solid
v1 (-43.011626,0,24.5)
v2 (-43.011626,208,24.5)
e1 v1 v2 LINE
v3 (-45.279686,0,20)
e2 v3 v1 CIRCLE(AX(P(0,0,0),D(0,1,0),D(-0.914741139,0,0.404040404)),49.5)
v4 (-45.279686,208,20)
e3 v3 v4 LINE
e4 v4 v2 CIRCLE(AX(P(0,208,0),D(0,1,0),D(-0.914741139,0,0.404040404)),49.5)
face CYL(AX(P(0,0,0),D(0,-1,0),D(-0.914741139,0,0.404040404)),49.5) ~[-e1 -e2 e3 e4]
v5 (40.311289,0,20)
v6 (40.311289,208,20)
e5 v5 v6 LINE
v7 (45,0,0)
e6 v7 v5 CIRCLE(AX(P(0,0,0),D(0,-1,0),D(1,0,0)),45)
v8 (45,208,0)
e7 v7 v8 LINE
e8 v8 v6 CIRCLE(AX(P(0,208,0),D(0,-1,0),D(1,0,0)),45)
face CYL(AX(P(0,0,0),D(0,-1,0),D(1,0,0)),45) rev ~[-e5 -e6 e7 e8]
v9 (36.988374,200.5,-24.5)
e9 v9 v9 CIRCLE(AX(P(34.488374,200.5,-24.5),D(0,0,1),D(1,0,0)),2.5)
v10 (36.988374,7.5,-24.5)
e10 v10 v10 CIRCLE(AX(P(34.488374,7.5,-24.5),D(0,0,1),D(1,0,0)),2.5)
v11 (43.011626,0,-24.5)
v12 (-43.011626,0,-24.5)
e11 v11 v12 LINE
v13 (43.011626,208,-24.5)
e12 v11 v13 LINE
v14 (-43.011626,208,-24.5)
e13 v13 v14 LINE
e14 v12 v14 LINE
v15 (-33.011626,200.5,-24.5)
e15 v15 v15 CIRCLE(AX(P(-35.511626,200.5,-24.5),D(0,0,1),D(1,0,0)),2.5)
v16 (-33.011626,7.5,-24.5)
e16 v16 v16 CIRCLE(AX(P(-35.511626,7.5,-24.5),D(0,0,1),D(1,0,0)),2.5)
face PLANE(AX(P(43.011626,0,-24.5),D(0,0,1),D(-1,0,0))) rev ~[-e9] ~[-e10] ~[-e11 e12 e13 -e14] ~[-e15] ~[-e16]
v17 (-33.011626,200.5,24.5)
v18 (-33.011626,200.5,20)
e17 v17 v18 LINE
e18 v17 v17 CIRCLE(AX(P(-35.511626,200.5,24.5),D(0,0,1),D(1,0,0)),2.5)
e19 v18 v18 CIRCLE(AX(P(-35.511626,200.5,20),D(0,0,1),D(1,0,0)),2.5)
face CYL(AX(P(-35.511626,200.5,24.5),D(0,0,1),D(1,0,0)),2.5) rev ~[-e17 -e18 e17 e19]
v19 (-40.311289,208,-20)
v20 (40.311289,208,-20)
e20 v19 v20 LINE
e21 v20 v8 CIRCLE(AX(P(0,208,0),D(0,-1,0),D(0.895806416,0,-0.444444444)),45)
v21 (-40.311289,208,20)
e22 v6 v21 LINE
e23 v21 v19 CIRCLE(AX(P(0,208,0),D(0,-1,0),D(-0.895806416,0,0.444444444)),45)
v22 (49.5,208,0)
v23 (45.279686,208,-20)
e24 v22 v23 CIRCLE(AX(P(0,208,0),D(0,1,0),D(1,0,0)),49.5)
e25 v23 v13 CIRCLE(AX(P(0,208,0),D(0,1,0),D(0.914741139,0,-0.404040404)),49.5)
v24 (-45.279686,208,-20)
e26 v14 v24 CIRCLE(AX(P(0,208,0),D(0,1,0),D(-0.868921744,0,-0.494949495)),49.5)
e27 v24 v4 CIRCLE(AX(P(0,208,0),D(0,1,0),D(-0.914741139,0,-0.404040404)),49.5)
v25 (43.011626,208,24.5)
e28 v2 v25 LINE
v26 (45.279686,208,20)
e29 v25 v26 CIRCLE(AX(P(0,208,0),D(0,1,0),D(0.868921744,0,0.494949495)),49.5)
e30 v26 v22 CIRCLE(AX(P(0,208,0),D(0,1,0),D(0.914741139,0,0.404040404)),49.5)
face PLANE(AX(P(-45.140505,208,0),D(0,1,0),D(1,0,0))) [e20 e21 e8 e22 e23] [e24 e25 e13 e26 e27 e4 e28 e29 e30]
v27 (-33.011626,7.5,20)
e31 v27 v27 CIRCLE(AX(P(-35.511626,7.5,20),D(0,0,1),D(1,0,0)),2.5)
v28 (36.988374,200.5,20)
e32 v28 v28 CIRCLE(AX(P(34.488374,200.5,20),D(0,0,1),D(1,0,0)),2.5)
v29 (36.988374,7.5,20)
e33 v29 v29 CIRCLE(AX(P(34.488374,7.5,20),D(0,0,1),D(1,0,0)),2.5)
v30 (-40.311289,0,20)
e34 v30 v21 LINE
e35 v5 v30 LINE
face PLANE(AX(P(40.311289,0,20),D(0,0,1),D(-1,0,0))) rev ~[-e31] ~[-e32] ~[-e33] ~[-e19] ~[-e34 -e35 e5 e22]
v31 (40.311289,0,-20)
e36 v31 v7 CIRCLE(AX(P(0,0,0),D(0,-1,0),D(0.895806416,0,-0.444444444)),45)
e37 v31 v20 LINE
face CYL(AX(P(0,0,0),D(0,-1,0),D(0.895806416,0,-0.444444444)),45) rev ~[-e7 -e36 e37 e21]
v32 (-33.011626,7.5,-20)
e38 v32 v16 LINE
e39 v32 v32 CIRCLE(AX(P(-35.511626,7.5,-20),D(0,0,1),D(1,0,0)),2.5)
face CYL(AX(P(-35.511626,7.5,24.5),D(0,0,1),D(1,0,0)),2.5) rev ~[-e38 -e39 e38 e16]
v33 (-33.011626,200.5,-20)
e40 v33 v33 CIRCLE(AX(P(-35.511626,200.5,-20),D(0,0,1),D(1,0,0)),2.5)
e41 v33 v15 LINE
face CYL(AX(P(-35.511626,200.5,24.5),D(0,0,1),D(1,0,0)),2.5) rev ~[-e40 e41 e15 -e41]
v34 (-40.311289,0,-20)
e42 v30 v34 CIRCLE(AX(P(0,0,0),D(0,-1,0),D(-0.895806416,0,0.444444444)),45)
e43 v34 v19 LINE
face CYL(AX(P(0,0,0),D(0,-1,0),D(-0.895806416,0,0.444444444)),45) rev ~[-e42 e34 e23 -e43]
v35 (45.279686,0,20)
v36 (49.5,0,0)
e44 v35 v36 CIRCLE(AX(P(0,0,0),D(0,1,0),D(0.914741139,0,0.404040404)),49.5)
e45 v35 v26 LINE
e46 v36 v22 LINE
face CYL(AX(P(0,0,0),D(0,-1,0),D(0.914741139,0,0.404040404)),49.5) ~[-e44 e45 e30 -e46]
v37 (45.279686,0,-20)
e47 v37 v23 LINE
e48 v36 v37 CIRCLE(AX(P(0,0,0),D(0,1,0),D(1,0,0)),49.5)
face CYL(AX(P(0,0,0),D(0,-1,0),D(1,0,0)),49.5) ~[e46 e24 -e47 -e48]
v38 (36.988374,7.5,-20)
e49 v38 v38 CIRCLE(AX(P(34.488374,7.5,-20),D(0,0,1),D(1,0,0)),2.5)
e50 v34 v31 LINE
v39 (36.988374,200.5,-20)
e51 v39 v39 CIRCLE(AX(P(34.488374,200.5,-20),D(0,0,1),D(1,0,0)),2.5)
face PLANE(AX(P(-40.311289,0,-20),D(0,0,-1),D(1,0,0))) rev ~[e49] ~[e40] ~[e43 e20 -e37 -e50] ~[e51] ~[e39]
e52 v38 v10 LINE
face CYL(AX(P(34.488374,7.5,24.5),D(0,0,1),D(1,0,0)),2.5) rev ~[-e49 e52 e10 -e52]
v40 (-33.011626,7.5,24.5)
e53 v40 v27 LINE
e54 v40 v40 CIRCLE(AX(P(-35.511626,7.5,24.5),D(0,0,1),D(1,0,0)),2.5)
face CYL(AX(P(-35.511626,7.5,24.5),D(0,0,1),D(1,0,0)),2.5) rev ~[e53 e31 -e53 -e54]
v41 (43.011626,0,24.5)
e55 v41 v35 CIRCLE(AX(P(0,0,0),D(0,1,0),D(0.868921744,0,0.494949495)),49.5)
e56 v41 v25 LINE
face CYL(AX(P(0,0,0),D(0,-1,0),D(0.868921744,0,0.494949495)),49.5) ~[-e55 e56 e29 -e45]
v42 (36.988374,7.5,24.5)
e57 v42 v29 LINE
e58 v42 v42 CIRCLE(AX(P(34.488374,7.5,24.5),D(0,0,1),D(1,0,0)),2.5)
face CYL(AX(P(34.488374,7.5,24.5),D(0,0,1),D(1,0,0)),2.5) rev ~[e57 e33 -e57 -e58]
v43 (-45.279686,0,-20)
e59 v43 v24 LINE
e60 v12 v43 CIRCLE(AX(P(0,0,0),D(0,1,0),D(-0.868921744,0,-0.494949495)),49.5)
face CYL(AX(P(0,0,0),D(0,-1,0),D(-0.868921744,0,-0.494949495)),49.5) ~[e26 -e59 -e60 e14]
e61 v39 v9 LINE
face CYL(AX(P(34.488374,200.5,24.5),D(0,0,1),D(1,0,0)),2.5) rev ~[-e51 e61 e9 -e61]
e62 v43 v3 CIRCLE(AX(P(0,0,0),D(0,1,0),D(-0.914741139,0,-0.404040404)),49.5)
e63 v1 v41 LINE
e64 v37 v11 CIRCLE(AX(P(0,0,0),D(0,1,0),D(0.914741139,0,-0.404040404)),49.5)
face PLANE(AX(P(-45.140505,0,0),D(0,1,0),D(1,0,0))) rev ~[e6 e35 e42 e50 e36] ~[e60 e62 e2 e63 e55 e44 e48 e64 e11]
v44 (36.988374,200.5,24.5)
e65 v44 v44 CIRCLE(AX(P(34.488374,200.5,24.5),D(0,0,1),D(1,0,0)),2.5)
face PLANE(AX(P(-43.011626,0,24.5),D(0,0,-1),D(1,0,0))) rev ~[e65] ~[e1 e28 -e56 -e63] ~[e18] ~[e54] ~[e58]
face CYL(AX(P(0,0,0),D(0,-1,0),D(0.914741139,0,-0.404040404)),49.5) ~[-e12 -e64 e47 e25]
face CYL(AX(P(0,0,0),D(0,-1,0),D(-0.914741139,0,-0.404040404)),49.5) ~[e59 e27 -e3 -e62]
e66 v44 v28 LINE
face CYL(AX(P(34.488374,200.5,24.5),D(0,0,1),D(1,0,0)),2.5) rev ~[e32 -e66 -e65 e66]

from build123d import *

# Parameters (mm, degrees)
BOSS_EXTRUDE1_DEPTH = 208
SKETCH3_R           = 2.5
CUT_EXTRUDE1_DEPTH  = 60


with BuildPart() as part:
    # Sketch2 → Boss-Extrude1 (new body)
    with BuildSketch(Plane(origin=(0, 0, 0), x_dir=(1, 0, 0), z_dir=(0, 1, 0))):
        with BuildLine():
            Line((-45.279686395, -20), (-40.311288741, -20))
            ThreePointArc((-40.311288741, -20), (-45, 0), (-40.311288741, 20))
            Line((-40.311288741, 20), (-45.279686395, 20))
            ThreePointArc((-45.279686395, 20), (-49.5, 0), (-45.279686395, -20))
        make_face()
        with BuildLine():
            ThreePointArc((45, 0), (43.812144397, -10.271124735), (40.311288741, -20))
            Line((40.311288741, -20), (45.279686395, -20))
            ThreePointArc((45.279686395, -20), (48.433430998, -10.22021339), (49.5, 0))
            ThreePointArc((49.5, 0), (48.433430998, 10.22021339), (45.279686395, 20))
            Line((45.279686395, 20), (40.311288741, 20))
            ThreePointArc((40.311288741, 20), (43.812144397, 10.271124735), (45, 0))
        make_face()
        with BuildLine():
            ThreePointArc((-37.7458607, -24.5), (-39.093377249, -22.286943605), (-40.311288741, -20))
            Line((-40.311288741, -20), (-45.279686395, -20))
            ThreePointArc((-45.279686395, -20), (-44.202957773, -22.278880674), (-43.011626335, -24.5))
            Line((-43.011626335, -24.5), (-37.7458607, -24.5))
        make_face()
        with BuildLine():
            Line((45.279686395, -20), (40.311288741, -20))
            ThreePointArc((40.311288741, -20), (39.093377249, -22.286943605), (37.7458607, -24.5))
            Line((37.7458607, -24.5), (43.011626335, -24.5))
            ThreePointArc((43.011626335, -24.5), (44.202957773, -22.278880674), (45.279686395, -20))
        make_face()
        with BuildLine():
            Line((40.311288741, -20), (0, -20))
            Line((0, -20), (-40.311288741, -20))
            ThreePointArc((-40.311288741, -20), (-39.093377249, -22.286943605), (-37.7458607, -24.5))
            Line((-37.7458607, -24.5), (37.7458607, -24.5))
            ThreePointArc((37.7458607, -24.5), (39.093377249, -22.286943605), (40.311288741, -20))
        make_face()
        with BuildLine():
            Line((-45.279686395, 20), (-40.311288741, 20))
            ThreePointArc((-40.311288741, 20), (-39.093377249, 22.286943605), (-37.7458607, 24.5))
            Line((-37.7458607, 24.5), (-43.011626335, 24.5))
            ThreePointArc((-43.011626335, 24.5), (-44.202957773, 22.278880674), (-45.279686395, 20))
        make_face()
        with BuildLine():
            ThreePointArc((37.7458607, 24.5), (39.093377249, 22.286943605), (40.311288741, 20))
            Line((40.311288741, 20), (45.279686395, 20))
            ThreePointArc((45.279686395, 20), (44.202957773, 22.278880674), (43.011626335, 24.5))
            Line((43.011626335, 24.5), (37.7458607, 24.5))
        make_face()
        with BuildLine():
            Line((-40.311288741, 20), (0, 20))
            Line((0, 20), (40.311288741, 20))
            ThreePointArc((40.311288741, 20), (39.093377249, 22.286943605), (37.7458607, 24.5))
            Line((37.7458607, 24.5), (-37.7458607, 24.5))
            ThreePointArc((-37.7458607, 24.5), (-39.093377249, 22.286943605), (-40.311288741, 20))
        make_face()
    extrude(amount=BOSS_EXTRUDE1_DEPTH)

    # Sketch3 → Cut-Extrude1 (cut)
    with BuildSketch(Plane.XY.offset(24.5)):
        with Locations((-35.511626335, 200.5)):
            Circle(SKETCH3_R)
        with Locations((34.488373665, 200.5)):
            Circle(SKETCH3_R)
        with Locations((34.488373665, 7.5)):
            Circle(SKETCH3_R)
        with Locations((-35.511626335, 7.5)):
            Circle(SKETCH3_R)
    extrude(amount=-CUT_EXTRUDE1_DEPTH, mode=Mode.SUBTRACT)


solid = part.part
